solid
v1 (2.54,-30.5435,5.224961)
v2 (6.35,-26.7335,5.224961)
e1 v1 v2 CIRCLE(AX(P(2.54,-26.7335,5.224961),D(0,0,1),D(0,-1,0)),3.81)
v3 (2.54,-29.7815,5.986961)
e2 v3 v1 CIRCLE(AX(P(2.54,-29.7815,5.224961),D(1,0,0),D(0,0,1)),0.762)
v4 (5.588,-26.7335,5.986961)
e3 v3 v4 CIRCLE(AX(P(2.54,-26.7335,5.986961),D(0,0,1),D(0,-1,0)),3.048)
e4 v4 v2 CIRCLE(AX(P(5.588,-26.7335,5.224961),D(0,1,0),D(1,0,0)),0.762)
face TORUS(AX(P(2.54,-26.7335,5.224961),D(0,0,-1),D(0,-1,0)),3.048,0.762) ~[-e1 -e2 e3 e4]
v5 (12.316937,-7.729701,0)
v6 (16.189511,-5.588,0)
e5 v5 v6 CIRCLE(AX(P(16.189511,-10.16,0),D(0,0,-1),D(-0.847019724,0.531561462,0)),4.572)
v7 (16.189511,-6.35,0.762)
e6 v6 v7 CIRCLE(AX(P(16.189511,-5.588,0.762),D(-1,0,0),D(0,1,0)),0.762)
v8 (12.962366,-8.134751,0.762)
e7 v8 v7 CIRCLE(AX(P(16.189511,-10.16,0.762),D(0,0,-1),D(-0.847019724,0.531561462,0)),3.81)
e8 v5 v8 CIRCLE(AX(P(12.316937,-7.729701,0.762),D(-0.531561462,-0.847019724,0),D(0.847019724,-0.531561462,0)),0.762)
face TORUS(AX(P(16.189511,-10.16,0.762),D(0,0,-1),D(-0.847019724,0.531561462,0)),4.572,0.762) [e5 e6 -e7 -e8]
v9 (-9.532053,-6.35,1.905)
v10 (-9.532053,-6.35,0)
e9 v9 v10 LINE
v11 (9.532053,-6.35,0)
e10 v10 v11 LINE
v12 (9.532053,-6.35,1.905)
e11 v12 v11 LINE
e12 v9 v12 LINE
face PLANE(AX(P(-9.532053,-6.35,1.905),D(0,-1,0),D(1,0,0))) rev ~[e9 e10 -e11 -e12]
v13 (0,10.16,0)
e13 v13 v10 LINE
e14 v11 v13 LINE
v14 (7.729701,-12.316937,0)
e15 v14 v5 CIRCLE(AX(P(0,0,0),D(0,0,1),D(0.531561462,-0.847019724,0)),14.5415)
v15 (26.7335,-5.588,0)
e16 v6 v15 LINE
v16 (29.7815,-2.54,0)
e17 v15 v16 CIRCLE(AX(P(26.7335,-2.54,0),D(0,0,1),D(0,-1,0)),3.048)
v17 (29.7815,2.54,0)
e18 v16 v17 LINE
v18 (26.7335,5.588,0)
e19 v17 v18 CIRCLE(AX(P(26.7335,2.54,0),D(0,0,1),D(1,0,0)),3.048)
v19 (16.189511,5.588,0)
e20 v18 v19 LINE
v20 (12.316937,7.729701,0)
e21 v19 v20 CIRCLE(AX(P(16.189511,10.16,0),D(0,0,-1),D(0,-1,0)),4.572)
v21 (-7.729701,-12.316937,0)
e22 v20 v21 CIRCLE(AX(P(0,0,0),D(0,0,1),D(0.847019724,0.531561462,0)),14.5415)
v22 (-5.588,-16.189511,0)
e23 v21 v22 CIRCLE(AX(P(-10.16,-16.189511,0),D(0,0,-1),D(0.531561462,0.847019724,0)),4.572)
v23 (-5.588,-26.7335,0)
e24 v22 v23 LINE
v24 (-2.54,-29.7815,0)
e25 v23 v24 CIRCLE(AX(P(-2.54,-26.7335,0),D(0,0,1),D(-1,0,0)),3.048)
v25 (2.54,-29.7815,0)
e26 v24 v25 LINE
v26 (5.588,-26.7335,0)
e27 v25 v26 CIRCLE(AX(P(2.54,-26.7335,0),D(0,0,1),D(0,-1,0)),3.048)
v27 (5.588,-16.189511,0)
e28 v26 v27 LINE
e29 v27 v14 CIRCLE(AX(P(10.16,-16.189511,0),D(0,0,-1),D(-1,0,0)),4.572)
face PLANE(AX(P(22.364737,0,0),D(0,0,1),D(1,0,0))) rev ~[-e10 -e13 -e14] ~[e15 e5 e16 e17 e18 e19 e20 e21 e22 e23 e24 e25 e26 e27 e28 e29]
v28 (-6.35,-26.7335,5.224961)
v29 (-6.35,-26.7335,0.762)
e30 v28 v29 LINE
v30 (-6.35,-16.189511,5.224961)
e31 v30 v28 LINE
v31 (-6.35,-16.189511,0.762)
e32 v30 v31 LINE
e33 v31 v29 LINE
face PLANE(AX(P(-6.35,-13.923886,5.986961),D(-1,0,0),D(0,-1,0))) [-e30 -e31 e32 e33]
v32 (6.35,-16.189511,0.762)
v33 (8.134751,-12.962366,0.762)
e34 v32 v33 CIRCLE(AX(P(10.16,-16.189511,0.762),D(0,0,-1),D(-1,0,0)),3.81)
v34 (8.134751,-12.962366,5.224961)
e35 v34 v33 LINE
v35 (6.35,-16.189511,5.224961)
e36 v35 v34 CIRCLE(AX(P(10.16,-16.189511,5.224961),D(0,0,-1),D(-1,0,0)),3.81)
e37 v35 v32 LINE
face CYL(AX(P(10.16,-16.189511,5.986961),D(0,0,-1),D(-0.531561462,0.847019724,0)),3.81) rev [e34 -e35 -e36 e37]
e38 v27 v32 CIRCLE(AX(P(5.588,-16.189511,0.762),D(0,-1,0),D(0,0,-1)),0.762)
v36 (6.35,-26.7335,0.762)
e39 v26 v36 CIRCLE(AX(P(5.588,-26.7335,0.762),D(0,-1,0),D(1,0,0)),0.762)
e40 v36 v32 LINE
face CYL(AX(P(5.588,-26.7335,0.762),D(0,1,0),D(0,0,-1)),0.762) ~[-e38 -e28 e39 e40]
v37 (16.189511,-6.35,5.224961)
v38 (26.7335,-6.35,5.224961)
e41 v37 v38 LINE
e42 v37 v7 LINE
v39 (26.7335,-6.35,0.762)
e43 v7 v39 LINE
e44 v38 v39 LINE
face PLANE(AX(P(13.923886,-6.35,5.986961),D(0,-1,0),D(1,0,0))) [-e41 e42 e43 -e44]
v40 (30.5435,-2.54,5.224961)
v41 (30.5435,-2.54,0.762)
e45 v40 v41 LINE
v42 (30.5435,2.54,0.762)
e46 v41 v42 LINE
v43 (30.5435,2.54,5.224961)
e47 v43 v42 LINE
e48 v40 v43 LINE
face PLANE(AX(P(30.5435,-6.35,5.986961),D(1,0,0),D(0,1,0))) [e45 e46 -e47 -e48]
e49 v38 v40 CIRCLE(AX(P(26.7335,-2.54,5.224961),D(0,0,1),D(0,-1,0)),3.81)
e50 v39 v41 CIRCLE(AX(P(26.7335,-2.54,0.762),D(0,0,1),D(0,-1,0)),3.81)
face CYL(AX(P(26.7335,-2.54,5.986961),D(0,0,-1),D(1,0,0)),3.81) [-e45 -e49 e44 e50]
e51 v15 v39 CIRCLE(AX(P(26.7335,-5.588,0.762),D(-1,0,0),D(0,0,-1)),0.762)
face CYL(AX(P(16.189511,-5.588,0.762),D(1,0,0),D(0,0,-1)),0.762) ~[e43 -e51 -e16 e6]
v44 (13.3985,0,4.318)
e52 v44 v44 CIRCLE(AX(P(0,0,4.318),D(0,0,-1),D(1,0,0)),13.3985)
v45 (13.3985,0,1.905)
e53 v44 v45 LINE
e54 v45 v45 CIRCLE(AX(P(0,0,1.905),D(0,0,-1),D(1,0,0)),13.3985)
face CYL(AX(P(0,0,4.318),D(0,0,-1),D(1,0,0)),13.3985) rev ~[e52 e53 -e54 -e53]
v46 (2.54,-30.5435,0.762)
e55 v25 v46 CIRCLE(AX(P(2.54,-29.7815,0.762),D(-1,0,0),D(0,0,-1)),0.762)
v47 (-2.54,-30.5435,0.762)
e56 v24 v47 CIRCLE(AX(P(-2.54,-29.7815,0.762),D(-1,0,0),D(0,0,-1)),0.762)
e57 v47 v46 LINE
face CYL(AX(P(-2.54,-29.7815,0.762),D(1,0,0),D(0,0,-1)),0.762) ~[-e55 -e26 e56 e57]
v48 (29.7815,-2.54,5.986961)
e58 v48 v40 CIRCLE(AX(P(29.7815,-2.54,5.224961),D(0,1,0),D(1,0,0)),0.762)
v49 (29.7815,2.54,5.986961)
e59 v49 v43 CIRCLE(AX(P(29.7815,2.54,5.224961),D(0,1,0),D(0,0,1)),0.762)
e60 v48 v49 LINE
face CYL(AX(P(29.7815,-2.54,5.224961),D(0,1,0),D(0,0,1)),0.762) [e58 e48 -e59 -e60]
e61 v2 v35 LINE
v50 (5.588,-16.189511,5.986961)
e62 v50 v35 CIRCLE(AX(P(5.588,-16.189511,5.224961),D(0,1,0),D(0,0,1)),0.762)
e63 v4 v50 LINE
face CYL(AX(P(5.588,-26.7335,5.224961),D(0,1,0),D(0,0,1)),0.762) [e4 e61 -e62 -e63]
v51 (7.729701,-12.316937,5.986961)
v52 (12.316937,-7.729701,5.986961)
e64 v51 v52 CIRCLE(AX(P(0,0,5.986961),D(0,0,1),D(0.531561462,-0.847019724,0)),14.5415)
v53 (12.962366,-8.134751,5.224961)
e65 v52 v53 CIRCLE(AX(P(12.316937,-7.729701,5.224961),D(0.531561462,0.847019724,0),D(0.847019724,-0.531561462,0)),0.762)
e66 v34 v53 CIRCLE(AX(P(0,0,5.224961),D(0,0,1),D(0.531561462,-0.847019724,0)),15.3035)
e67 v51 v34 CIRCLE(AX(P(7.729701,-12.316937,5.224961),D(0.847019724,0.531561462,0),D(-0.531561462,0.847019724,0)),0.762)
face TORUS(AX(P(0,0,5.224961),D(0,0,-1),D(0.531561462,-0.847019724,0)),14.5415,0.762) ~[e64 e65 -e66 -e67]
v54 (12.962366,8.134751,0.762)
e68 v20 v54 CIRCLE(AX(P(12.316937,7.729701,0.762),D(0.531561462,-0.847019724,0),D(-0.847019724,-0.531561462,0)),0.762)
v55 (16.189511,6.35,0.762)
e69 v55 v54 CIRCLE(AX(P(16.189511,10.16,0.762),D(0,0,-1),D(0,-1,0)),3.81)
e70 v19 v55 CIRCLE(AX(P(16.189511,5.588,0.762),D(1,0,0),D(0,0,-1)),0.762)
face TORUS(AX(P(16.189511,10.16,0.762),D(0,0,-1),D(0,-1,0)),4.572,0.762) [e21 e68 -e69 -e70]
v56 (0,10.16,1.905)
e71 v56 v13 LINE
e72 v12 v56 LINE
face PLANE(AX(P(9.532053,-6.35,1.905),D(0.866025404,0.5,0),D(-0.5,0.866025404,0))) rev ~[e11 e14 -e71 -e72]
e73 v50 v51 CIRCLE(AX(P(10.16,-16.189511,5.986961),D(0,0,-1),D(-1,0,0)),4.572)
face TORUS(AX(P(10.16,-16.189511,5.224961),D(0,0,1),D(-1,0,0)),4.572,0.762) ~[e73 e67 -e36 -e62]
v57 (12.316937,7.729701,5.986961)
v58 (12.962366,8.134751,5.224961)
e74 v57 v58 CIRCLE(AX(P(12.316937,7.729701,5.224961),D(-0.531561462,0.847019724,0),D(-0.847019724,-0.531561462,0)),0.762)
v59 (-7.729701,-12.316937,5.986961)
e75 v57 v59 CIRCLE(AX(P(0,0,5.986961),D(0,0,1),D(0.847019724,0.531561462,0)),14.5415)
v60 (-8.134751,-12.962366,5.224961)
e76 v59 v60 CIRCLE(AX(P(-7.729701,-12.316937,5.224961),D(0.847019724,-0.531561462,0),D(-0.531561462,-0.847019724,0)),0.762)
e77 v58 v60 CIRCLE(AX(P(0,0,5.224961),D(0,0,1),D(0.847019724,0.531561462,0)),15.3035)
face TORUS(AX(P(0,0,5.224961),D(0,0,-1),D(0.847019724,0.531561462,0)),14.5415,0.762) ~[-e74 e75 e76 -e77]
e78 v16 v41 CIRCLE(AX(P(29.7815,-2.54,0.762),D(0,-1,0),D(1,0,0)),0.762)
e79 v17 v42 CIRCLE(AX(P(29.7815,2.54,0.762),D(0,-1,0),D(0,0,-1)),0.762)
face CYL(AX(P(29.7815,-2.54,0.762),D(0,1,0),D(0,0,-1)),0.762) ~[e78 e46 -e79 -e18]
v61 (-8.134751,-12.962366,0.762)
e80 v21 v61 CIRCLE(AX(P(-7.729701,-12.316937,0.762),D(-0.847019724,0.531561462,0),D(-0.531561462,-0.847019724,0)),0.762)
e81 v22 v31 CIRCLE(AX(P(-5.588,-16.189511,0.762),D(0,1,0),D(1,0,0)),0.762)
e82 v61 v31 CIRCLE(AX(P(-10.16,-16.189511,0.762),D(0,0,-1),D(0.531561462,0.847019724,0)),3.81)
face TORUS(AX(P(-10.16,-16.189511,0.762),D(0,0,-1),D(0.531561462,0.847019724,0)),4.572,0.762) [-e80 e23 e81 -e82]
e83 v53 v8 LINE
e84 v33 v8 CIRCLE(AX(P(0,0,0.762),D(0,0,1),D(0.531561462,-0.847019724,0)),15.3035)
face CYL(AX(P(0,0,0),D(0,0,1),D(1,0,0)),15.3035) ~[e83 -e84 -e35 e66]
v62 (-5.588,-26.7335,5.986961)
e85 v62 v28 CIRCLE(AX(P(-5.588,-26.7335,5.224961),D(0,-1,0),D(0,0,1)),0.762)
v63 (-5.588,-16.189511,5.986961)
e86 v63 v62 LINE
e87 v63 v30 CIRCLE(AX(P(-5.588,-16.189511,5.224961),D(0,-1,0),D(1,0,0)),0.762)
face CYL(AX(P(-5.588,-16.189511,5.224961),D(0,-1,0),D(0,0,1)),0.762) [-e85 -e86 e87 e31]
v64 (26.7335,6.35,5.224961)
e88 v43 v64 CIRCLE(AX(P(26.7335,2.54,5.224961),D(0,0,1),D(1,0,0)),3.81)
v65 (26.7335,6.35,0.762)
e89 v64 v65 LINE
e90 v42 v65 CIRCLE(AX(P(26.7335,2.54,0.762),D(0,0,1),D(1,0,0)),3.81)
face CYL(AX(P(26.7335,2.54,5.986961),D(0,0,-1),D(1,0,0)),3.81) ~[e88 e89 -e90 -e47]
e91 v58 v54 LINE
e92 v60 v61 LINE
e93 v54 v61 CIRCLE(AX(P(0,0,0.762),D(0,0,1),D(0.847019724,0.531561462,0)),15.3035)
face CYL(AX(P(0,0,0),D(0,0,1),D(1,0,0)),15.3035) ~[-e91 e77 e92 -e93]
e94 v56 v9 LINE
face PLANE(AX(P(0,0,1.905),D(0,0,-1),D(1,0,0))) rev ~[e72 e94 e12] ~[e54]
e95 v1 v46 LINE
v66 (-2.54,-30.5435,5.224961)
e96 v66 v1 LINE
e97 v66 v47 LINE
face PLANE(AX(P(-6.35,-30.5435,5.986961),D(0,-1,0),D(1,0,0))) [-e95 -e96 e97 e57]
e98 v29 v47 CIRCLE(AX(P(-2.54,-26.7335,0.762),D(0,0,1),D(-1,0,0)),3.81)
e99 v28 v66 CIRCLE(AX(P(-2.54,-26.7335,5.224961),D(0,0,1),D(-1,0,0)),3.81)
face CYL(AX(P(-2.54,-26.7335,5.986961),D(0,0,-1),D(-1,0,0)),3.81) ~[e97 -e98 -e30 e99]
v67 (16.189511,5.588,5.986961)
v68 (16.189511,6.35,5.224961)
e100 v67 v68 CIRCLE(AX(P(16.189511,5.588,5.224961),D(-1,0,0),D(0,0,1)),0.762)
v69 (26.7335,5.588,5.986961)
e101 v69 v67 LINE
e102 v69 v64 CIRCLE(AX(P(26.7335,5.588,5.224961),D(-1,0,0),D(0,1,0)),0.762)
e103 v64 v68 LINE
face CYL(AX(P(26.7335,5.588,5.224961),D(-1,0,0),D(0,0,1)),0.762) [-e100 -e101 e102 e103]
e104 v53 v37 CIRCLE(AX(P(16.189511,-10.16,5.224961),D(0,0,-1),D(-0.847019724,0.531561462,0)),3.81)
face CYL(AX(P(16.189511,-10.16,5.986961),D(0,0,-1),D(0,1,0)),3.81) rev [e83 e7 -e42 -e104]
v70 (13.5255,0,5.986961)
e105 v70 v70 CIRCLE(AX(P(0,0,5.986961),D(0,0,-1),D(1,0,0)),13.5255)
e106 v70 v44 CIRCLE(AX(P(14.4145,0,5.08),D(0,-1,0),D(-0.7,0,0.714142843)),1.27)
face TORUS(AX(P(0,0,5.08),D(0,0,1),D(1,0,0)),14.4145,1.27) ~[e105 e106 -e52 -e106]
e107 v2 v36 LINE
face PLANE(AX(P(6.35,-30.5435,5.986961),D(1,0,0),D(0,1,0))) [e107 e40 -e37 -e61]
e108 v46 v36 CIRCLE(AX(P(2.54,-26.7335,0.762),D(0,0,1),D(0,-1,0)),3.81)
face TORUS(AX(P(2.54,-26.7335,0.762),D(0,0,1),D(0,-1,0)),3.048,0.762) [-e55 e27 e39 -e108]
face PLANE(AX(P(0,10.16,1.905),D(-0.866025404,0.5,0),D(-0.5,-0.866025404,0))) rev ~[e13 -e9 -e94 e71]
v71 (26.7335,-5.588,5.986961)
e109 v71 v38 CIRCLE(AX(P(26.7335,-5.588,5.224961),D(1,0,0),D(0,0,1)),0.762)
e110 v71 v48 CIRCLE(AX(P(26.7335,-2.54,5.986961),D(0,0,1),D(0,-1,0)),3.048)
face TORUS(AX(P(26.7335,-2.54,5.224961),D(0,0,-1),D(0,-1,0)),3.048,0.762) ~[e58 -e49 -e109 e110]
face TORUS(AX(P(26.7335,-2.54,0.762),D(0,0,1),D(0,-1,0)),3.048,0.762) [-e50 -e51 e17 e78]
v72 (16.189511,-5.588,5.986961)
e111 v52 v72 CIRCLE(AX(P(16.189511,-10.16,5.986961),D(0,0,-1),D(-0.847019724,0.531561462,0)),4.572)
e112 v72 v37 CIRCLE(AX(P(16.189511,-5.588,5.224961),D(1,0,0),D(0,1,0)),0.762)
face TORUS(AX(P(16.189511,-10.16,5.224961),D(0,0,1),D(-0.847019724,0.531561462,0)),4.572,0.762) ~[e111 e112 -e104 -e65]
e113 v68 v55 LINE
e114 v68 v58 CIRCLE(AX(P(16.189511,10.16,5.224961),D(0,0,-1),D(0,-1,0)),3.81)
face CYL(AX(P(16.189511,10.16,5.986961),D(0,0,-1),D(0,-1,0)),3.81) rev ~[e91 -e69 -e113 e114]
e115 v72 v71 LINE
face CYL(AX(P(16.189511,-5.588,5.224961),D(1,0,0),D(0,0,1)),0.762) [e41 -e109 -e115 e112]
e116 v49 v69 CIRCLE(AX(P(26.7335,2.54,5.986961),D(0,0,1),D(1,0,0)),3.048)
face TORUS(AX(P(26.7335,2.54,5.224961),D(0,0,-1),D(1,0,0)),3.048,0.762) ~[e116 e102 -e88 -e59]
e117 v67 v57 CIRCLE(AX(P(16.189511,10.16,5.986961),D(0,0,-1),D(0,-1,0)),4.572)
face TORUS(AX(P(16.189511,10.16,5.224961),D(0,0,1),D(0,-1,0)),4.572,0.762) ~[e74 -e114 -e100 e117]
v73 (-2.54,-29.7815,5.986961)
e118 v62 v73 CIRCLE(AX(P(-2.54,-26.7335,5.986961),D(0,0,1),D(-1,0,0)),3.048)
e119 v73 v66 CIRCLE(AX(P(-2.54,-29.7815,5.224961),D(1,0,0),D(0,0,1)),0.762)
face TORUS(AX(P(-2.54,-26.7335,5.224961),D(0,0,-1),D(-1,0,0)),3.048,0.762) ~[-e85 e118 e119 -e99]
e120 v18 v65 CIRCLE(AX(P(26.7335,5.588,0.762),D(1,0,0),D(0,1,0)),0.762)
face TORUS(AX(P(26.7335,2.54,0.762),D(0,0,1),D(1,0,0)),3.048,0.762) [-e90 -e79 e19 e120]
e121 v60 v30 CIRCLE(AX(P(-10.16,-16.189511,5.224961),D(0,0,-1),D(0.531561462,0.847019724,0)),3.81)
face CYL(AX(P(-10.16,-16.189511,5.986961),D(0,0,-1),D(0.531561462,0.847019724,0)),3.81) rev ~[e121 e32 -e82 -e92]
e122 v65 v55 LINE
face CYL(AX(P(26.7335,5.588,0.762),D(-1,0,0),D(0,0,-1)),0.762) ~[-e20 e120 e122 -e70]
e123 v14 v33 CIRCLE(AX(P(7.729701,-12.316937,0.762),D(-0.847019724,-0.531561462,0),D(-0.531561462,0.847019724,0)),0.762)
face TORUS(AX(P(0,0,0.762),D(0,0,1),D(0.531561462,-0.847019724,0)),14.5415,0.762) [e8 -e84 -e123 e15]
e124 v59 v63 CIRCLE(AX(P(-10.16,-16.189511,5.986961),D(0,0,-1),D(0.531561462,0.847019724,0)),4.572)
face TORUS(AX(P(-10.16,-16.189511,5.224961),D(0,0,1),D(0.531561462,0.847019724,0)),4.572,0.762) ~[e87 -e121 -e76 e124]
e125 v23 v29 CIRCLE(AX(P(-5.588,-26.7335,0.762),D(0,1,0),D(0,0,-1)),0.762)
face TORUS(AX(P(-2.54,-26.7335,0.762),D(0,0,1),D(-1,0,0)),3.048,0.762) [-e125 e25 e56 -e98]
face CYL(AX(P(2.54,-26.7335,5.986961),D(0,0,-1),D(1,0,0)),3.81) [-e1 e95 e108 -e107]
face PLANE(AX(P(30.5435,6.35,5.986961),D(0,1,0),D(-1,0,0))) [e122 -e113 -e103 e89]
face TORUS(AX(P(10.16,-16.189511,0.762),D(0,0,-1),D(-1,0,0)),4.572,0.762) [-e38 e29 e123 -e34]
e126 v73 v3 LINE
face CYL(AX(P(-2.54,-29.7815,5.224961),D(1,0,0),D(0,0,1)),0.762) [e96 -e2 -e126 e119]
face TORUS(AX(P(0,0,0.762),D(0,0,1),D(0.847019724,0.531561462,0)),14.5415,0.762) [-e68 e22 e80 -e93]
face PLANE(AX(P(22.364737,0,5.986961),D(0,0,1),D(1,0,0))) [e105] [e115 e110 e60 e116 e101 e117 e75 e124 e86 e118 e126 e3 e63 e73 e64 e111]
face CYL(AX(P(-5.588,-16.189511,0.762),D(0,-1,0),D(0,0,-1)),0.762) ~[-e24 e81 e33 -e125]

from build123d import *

# Parameters (mm, degrees)
F3_DEPTH = 5.9869614104
F4_R     = 3.81
F5_R     = 0.762
F7_DEPTH = 25.4


with BuildPart() as f1:
    # F0 (on Front) → F1 (revolve)
    with BuildSketch(Plane.XZ):
        with BuildLine():
            Line((15.3035, 0), (15.3035, 4.1730385896))
            ThreePointArc((15.3035, 4.1730385896), (14.3181376493, 3.8136610654), (13.3985, 4.318))
            Line((13.3985, 4.318), (13.3985, 1.905))
            Line((13.3985, 1.905), (0, 1.905))
            Line((0, 1.905), (0, 0))
            Line((0, 0), (15.3035, 0))
        make_face()
        with BuildLine():
            ThreePointArc((13.3985, 4.318), (14.3181376493, 3.8136610654), (15.3035, 4.1730385896))
            Line((15.3035, 4.1730385896), (15.3035, 5.9869614104))
            Line((15.3035, 5.9869614104), (13.5255, 5.9869614104))
            ThreePointArc((13.5255, 5.9869614104), (13.1481610654, 5.1763623507), (13.3985, 4.318))
        make_face()
    revolve(axis=Axis((0, 0, 4.2298094004), (0, 0, -1)))

    # F2 (on face) → F3 (join, through all)
    with BuildSketch(Plane.XY.offset(5.9869614104)):
        with BuildLine():
            Line((30.5435, -6.35), (30.5435, 6.35))
            Line((30.5435, 6.35), (13.9238863917, 6.35))
            ThreePointArc((13.9238863917, 6.35), (15.3035, 0), (13.9238863917, -6.35))
            Line((13.9238863917, -6.35), (30.5435, -6.35))
        make_face()
        with BuildLine():
            Line((-6.35, -30.5435), (6.35, -30.5435))
            Line((6.35, -30.5435), (6.35, -13.9238863917))
            ThreePointArc((6.35, -13.9238863917), (0, -15.3035), (-6.35, -13.9238863917))
            Line((-6.35, -13.9238863917), (-6.35, -30.5435))
        make_face()
    extrude(amount=-F3_DEPTH)

    # F4
    f4_edges = [f1.edges().sort_by_distance(p)[0] for p in [
        (-6.35, -30.5435, 2.993481),
        (-6.35, -13.923886, 2.993481),
        (6.35, -30.5435, 2.993481),
        (6.35, -13.923886, 2.993481),
        (13.923886, -6.35, 2.993481),
        (30.5435, -6.35, 2.993481),
        (30.5435, 6.35, 2.993481),
        (13.923886, 6.35, 2.993481),
    ]]
    fillet(f4_edges, radius=F4_R)

    # F5
    f5_edges = [f1.edges().sort_by_distance(p)[0] for p in [
        (0, -30.5435, 5.986961),
        (0, -30.5435, 0),
    ]]
    fillet(f5_edges, radius=F5_R)

    # F6 (on face) → F7 (cut)
    with BuildSketch(Plane.XY.offset(1.905)):
        Polygon((0, 10.16), (-9.5320529443, -6.35), (9.5320529443, -6.35), align=None)
    extrude(amount=-F7_DEPTH, mode=Mode.SUBTRACT)


solid = f1.part
